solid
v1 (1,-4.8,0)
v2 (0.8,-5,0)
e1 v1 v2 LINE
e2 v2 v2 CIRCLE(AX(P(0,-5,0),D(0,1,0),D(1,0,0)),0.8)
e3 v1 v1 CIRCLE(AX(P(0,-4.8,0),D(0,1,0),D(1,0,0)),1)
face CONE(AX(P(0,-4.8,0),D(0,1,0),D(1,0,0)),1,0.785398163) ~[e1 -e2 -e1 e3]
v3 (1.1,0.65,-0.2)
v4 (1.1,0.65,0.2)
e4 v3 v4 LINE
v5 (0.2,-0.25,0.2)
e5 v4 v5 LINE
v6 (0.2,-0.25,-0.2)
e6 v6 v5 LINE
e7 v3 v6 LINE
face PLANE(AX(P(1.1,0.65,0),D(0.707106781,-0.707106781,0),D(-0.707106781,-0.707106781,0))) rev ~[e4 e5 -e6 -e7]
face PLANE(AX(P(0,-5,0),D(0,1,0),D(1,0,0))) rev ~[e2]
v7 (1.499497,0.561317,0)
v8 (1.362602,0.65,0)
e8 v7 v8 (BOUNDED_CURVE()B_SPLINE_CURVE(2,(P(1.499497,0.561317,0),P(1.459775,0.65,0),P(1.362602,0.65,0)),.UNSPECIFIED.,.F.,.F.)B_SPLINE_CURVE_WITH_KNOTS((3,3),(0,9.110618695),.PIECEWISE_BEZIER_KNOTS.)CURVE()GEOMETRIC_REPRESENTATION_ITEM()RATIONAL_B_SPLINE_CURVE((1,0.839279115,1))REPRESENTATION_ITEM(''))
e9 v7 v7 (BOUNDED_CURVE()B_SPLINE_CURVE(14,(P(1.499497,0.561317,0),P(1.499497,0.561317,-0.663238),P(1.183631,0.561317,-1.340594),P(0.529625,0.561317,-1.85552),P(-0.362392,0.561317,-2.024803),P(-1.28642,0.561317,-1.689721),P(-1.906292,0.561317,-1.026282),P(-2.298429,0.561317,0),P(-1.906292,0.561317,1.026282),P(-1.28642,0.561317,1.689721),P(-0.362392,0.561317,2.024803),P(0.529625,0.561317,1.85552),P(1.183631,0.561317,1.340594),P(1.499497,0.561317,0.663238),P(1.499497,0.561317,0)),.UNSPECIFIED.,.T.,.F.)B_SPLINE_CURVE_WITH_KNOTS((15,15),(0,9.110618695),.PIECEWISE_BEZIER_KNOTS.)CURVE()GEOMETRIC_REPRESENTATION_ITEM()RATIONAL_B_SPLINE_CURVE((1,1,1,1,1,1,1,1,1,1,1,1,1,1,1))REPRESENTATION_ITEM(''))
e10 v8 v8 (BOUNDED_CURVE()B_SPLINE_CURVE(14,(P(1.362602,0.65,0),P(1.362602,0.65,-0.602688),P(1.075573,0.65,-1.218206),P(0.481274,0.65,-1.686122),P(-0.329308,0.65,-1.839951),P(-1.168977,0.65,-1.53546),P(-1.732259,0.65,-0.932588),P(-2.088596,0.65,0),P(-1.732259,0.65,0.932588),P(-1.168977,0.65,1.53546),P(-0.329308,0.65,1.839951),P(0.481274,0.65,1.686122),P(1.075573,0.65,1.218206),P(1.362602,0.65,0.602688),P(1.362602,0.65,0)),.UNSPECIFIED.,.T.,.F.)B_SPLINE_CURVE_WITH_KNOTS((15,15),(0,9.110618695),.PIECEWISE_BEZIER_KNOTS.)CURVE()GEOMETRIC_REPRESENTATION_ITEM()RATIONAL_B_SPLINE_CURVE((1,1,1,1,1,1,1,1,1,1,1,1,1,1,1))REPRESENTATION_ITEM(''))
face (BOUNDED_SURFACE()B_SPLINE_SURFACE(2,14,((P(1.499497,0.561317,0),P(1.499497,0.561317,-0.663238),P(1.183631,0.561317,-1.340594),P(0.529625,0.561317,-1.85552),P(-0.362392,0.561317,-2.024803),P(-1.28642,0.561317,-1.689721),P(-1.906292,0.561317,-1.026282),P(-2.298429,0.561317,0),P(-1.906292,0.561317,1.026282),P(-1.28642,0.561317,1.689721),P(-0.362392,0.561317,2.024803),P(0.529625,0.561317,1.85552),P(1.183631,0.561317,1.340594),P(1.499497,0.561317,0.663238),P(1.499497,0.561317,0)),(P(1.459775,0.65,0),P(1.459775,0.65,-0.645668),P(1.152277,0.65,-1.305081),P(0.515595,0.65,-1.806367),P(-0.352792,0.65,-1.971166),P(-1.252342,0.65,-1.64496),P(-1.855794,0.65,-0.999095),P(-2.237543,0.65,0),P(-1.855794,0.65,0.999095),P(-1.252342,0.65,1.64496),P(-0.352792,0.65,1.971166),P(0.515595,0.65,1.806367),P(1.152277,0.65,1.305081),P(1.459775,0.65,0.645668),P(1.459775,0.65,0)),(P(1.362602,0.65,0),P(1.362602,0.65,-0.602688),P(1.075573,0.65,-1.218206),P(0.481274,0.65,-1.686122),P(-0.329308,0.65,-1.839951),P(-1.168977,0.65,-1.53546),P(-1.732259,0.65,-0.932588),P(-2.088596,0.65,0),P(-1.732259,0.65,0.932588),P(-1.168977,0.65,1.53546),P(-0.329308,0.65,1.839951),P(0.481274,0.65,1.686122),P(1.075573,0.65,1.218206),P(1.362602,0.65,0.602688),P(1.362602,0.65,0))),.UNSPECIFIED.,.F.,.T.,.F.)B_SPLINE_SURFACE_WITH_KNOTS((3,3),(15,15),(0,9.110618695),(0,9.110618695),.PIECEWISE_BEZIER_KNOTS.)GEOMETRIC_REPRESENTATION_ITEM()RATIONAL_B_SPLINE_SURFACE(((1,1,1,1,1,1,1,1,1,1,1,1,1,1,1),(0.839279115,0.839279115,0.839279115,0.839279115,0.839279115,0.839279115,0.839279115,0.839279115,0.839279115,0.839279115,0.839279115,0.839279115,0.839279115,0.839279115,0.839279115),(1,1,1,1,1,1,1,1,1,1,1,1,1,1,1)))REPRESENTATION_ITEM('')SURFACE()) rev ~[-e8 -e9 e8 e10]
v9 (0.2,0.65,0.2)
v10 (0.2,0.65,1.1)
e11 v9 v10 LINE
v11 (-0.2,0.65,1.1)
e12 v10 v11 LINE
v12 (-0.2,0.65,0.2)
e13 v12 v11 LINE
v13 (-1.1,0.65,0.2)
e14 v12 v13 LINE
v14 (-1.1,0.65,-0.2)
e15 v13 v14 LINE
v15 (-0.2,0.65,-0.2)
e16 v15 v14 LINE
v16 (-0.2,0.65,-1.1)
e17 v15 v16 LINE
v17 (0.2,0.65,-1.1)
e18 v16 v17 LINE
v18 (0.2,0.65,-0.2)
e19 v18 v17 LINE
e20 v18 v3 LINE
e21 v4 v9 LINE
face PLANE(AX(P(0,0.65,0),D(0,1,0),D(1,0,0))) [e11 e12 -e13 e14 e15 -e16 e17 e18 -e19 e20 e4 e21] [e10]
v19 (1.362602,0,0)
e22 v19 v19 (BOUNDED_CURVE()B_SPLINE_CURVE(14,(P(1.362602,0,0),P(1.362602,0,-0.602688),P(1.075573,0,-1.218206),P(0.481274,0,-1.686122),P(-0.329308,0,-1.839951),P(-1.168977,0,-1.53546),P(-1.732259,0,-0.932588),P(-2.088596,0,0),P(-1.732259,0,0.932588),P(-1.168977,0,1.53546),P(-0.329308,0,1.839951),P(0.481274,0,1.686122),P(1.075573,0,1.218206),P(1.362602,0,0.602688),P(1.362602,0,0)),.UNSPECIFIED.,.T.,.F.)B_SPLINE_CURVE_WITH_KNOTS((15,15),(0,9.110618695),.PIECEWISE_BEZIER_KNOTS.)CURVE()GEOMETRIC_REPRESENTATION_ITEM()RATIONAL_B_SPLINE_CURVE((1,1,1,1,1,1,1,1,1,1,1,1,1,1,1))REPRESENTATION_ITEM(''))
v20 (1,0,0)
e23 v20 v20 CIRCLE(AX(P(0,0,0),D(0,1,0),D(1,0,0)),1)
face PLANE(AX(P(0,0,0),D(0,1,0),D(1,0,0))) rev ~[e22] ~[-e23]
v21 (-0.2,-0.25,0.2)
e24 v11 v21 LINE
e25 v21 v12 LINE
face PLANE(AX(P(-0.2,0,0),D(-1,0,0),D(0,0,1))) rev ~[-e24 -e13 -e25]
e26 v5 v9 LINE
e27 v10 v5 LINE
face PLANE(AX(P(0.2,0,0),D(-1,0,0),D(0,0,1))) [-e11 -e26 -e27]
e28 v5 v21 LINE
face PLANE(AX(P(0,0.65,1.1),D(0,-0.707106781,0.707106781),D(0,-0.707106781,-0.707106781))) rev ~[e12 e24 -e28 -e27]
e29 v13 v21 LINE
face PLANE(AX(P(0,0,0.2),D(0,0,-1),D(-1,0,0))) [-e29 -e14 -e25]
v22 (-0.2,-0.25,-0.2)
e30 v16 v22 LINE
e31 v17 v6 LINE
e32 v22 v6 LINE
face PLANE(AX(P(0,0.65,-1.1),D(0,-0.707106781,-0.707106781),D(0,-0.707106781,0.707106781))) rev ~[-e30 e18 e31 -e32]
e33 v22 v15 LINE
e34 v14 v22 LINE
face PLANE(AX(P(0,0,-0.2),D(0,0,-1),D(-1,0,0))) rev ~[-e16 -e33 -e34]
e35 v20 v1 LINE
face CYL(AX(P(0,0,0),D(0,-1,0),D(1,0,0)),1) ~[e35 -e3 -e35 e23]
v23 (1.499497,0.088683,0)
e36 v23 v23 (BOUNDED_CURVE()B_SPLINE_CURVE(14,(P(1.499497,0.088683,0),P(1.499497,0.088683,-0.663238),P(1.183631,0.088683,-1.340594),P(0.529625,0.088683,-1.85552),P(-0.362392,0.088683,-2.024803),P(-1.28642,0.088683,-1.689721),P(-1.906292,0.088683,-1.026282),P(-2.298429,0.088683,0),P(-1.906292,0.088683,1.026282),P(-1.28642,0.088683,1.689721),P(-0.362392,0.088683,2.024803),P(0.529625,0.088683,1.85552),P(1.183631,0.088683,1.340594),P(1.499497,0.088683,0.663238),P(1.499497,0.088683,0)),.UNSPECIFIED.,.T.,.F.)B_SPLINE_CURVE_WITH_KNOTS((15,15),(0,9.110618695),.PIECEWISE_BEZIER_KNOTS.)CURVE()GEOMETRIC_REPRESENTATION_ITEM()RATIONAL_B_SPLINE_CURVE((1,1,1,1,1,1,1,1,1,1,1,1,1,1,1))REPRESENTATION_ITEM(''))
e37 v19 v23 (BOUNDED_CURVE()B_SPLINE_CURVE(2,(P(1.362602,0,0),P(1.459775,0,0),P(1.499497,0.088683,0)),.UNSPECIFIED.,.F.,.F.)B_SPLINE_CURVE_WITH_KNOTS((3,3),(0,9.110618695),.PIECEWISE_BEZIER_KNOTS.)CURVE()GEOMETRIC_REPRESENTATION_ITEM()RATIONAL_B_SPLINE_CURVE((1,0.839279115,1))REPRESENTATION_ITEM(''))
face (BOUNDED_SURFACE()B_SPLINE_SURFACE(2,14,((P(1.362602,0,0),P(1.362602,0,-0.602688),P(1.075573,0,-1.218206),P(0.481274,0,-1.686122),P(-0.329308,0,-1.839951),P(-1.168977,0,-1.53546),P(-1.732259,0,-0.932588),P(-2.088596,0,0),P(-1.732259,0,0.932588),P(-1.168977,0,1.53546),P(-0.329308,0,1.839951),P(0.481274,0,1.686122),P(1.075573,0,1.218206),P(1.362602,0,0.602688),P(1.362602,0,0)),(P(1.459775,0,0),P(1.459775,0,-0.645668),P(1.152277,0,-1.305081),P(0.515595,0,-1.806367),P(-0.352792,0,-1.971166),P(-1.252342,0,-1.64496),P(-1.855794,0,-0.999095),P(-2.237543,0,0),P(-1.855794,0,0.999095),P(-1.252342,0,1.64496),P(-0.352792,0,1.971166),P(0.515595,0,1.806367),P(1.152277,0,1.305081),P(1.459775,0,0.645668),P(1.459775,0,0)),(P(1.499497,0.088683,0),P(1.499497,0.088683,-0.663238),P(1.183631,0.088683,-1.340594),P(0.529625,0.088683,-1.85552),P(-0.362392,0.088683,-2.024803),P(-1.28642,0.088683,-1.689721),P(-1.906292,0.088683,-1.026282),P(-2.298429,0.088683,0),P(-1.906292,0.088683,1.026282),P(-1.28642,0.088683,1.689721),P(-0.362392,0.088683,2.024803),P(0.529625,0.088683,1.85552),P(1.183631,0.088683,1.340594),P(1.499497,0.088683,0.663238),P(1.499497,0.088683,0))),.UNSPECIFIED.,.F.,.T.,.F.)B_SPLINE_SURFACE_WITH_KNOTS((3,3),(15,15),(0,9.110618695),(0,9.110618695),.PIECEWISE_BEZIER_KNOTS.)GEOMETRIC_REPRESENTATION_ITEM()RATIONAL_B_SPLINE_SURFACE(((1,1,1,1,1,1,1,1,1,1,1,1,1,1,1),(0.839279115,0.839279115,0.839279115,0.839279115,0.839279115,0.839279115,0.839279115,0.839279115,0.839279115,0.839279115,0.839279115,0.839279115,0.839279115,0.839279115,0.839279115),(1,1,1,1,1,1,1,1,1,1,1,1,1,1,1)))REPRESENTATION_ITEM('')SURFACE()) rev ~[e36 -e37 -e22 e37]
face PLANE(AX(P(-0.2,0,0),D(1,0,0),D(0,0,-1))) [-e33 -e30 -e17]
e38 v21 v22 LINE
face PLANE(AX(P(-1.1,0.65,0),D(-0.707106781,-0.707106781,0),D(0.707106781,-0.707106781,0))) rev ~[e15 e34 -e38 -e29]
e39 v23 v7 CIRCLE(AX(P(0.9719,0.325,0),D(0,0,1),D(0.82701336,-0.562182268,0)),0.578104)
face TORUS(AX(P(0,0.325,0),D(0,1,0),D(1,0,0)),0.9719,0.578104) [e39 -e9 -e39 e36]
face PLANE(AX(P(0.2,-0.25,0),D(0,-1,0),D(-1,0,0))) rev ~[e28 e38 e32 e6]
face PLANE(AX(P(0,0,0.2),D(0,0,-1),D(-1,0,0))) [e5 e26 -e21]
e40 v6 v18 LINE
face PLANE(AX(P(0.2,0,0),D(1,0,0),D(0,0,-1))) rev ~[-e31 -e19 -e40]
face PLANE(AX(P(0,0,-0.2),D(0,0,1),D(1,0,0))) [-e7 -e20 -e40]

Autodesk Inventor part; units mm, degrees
ref_plane "YZ Plane" through (0, 0, 0) normal (1, 0, 0) x (0, 1, 0)
ref_plane "XZ Plane" through (0, 0, 0) normal (0, 1, 0) x (-1, 0, 0)
ref_plane "XY Plane" through (0, 0, 0) normal (0, 0, 1) x (1, 0, 0)
sketch "スケッチ1" plane through (0, 0, 0) normal (0, 0, 1) x (1, 0, 0)
  line L0 (0, 0) -> (0, 5.2414) construction
  line L1 (1.45, 0.65) -> (1.45, 0) construction
  line L2 (1.45, 0) -> (1, 0)
  line L3 (1, 0) -> (1, -5)
  line L4 (1, -5) -> (0, -5)
  line L5 (0, -5) -> (0, 0)
  line L6 (0, 0) -> (0, 0.65)
  line L7 (1.45, 0.65) -> (0, 0.65)
  arc A0 (1.45, 0) -> (1.45, 0.65) centre (0.9719, 0.325) ccw
  line L8 (1.55, 1.278) -> (1.55, -0.8189) construction
  dimension "d0" = 2
  dimension "d1" = 5
  dimension "d2" = 3.1
  dimension "d3" = 0.1
  dimension "d4" = 0.65
revolve "回転1" add sketch "スケッチ1" angle 360 about axis through (0, 0, 0) along (0, 1, 0)
sketch "スケッチ2" plane through (0, 0, 0) normal (0, 0, 1) x (1, 0, 0)
  line L0 (-1.45, 0.65) -> (1.45, 0.65) construction
  line L1 (1.1, 0.65) -> (0.2, -0.25)
  line L2 (0.2, -0.25) -> (0, -0.25)
  line L3 (0, -0.25) -> (0, 0.65)
  line L4 (0, 0) -> (0, -0.4614) construction
  line L5 (0, 0.65) -> (1.1, 0.65)
  dimension "d6" = 45
  dimension "d8" = 0.2
  dimension "d15" = 2.2
extrude "押し出し1" cut sketch "スケッチ2" along normal mid plane 0.4
pattern_circular "円形状パターン1" count 4 over 360 about axis through (0, -10, 0) along (0, 1, 0) of "押し出し1"
chamfer "面取り1" distance 0.2 angle 45 1 edges at (-1, -5, 0)
fillet "フィレット2" radius 0.15 2 edges at (-1.45, 0.65, 0) (-1.45, 0, 0)
properties part number "10_047_LOW_HEAD_SCREW_M2X5_R1" material "ステンレス鋼"
